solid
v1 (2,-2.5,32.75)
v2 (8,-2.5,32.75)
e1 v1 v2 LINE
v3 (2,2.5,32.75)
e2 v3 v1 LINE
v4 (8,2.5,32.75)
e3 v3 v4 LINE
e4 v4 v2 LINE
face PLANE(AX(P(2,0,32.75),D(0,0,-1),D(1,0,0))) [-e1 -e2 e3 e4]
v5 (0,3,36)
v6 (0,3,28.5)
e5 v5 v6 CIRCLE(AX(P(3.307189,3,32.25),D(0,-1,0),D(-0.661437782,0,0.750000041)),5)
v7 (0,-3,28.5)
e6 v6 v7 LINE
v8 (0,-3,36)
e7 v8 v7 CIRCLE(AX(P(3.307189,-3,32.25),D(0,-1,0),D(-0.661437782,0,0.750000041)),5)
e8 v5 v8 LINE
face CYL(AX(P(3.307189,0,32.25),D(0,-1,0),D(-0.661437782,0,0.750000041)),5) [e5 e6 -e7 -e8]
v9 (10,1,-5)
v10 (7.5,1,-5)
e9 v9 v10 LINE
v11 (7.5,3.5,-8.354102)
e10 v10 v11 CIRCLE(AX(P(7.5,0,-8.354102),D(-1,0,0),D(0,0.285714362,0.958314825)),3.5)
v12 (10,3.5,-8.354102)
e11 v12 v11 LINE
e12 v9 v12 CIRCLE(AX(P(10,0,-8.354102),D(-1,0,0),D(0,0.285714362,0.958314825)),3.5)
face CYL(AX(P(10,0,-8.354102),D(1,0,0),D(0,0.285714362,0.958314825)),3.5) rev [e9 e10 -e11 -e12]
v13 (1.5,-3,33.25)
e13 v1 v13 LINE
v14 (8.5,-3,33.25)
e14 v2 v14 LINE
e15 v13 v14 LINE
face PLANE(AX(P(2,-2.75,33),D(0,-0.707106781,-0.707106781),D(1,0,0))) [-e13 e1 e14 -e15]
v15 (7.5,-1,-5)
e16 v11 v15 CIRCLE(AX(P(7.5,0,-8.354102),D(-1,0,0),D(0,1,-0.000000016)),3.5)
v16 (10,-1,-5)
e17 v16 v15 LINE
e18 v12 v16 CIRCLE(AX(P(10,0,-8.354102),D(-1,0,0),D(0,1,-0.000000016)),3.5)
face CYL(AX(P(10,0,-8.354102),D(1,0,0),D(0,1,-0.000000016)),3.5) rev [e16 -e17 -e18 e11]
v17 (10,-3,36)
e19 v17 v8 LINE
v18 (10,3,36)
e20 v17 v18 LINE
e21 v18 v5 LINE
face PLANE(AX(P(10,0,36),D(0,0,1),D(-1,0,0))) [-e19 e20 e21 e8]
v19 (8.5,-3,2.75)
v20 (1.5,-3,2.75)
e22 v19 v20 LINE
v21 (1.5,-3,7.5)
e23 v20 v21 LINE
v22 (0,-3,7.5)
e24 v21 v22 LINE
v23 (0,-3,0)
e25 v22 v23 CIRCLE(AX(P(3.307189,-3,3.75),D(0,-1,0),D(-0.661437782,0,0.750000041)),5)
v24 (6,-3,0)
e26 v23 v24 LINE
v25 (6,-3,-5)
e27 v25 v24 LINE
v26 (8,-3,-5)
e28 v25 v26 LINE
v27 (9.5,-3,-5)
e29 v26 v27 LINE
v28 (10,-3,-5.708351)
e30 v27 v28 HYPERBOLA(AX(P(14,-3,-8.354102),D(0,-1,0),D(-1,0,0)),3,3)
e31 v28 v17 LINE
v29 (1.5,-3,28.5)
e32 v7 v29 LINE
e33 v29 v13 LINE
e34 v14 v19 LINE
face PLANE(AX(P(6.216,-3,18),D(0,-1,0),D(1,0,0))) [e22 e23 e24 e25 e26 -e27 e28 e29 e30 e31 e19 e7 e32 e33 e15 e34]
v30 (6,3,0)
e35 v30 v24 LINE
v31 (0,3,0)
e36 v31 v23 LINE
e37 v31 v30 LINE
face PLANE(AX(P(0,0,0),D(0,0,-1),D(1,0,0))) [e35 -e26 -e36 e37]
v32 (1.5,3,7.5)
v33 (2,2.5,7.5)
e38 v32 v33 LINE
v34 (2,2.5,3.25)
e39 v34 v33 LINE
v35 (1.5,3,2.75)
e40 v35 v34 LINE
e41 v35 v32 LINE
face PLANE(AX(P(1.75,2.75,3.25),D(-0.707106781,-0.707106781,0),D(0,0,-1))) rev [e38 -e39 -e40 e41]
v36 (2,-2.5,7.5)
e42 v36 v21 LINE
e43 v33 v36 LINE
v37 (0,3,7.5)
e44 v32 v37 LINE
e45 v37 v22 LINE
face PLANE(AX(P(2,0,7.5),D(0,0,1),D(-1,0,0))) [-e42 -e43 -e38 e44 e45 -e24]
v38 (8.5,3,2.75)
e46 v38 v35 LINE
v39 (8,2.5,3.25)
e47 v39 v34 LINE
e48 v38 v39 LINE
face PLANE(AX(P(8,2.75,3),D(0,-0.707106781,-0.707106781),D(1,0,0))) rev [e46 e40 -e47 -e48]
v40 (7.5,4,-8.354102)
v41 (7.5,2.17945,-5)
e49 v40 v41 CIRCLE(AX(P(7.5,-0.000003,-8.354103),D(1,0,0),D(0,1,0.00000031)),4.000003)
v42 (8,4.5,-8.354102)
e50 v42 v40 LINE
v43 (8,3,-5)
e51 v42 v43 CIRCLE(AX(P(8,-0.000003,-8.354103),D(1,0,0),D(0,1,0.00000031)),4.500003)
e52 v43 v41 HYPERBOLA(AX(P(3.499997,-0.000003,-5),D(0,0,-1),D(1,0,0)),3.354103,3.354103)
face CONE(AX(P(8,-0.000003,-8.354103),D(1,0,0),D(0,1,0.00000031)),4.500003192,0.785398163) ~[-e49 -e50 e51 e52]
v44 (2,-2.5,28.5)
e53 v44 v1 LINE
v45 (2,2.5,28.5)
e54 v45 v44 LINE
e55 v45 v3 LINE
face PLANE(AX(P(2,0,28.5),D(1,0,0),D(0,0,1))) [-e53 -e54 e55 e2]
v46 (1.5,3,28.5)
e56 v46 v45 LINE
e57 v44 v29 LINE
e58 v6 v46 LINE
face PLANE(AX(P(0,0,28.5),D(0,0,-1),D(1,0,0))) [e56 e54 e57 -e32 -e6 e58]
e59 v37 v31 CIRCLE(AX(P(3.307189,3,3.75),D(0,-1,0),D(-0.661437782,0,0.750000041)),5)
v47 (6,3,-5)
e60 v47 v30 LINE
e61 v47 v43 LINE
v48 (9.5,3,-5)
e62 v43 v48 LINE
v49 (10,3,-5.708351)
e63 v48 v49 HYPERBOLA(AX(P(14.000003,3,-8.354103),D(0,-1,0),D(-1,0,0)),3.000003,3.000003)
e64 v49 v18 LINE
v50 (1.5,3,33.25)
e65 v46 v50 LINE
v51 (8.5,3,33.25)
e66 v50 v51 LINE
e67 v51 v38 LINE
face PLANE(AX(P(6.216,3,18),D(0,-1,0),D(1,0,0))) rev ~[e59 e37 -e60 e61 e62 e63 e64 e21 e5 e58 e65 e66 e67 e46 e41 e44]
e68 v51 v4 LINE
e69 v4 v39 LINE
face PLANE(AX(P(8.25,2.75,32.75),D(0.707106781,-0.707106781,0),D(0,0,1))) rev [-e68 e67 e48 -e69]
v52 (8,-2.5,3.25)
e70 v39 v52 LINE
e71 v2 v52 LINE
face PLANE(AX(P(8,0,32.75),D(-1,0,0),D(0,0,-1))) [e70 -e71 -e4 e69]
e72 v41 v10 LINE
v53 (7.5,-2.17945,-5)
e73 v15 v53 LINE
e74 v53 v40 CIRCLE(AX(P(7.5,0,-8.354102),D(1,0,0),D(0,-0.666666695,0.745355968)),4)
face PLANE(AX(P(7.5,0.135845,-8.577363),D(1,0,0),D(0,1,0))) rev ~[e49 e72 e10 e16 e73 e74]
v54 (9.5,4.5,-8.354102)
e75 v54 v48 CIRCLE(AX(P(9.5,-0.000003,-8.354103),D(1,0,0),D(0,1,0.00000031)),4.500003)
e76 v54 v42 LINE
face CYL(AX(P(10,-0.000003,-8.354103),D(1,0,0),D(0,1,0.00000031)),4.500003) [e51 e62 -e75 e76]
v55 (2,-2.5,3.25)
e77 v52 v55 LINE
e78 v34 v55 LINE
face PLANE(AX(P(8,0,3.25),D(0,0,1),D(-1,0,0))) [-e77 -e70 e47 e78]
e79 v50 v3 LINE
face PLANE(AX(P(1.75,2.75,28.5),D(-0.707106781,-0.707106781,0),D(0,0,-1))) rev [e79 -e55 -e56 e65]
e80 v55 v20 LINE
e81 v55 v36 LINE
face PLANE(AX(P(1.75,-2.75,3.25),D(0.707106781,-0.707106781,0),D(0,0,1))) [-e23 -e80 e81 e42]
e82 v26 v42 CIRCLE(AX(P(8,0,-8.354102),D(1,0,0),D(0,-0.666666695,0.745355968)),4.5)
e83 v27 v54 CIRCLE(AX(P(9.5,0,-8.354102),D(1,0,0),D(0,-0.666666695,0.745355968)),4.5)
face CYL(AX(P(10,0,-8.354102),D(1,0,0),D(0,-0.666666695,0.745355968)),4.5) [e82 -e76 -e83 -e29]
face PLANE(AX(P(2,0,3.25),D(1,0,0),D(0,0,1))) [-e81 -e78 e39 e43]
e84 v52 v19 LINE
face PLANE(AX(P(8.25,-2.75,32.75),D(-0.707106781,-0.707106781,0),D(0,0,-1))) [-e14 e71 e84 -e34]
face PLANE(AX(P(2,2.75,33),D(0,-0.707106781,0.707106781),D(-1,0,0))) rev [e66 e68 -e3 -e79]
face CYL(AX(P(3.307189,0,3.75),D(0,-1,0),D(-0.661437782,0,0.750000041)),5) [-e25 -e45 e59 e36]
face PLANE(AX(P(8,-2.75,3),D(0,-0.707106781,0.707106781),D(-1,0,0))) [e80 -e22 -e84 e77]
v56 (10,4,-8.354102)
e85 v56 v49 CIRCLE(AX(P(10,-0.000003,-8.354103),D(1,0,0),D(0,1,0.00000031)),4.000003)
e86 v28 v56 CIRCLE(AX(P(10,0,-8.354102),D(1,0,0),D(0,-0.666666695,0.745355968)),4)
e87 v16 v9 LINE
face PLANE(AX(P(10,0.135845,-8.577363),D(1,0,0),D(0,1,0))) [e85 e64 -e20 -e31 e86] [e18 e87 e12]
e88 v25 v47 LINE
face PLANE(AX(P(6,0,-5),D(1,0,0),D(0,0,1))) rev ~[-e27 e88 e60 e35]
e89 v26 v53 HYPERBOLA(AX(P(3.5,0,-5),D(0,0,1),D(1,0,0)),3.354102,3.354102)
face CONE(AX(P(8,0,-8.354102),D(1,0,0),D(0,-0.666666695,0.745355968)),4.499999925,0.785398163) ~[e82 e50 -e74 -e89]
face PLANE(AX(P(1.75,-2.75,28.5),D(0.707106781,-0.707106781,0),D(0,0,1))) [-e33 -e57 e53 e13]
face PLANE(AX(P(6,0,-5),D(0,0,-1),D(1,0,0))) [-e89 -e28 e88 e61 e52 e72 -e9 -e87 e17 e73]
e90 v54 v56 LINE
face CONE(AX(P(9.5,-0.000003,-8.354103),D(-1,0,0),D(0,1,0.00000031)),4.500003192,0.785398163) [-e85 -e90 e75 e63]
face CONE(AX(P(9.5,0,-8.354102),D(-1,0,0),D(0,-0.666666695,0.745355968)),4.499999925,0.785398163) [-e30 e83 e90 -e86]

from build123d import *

# Parameters (mm, degrees)
F0_W     = 4
F0_H     = 5
F1_DEPTH = 3
F3_DEPTH = 2.5
F4_SIZE  = 0.5
F5_SIZE  = 0.5
F6_SIZE  = 0.5


with BuildPart() as f1:
    # F0 (on Front) → F1 (new body, symmetric)
    with BuildSketch(Plane.XZ):
        Polygon((6, 0), (10, 0), (10, 36), (0, 36), (0, 28.5), (2, 28.5), (2, 32.75), (8, 32.75), (8, 3.25), (2, 3.25), (2, 7.5), (0, 7.5), (0, 0), align=None)
        with BuildLine():
            ThreePointArc((0, 7.5), (-1.692811, 3.75), (0, 0))
            Line((0, 0), (0, 7.5))
        make_face()
        with BuildLine():
            Line((0, 28.5), (0, 36))
            ThreePointArc((0, 36), (-1.692811, 32.25), (0, 28.5))
        make_face()
        with Locations((8, -2.5)):
            Rectangle(F0_W, F0_H)
    extrude(amount=F1_DEPTH, both=True)

    # F2 (on face) → F3 (join)
    with BuildSketch(Plane.YZ.offset(10)):
        with BuildLine():
            ThreePointArc((-3, -5), (-1.837117, -12.462021), (4.5, -8.354102))
            ThreePointArc((4.5, -8.354102), (4.107919, -6.516985), (3, -5))
            Line((3, -5), (1, -5))
            ThreePointArc((1, -5), (2.806243, -6.262452), (3.5, -8.354102))
            ThreePointArc((3.5, -8.354102), (-2.09165, -11.160345), (-1, -5))
            Line((-1, -5), (-3, -5))
        make_face()
    extrude(amount=-F3_DEPTH)

    # F4
    f4_edges = [f1.edges().sort_by_distance(p)[0] for p in [
        (7.5, -1.837117, -12.462021),
    ]]
    chamfer(f4_edges, length=F4_SIZE)

    # F5
    f5_edges = [f1.edges().sort_by_distance(p)[0] for p in [
        (10, -1.837117, -12.462021),
    ]]
    chamfer(f5_edges, length=F5_SIZE)

    # F6
    f6_edges = [f1.edges().sort_by_distance(p)[0] for p in [
        (2, -3, 5.375),
        (5, -3, 3.25),
        (8, -3, 18),
        (2, -3, 30.625),
        (5, -3, 32.75),
        (2, 3, 5.375),
        (5, 3, 3.25),
        (8, 3, 18),
        (5, 3, 32.75),
        (2, 3, 30.625),
    ]]
    chamfer(f6_edges, length=F6_SIZE)


solid = f1.part
